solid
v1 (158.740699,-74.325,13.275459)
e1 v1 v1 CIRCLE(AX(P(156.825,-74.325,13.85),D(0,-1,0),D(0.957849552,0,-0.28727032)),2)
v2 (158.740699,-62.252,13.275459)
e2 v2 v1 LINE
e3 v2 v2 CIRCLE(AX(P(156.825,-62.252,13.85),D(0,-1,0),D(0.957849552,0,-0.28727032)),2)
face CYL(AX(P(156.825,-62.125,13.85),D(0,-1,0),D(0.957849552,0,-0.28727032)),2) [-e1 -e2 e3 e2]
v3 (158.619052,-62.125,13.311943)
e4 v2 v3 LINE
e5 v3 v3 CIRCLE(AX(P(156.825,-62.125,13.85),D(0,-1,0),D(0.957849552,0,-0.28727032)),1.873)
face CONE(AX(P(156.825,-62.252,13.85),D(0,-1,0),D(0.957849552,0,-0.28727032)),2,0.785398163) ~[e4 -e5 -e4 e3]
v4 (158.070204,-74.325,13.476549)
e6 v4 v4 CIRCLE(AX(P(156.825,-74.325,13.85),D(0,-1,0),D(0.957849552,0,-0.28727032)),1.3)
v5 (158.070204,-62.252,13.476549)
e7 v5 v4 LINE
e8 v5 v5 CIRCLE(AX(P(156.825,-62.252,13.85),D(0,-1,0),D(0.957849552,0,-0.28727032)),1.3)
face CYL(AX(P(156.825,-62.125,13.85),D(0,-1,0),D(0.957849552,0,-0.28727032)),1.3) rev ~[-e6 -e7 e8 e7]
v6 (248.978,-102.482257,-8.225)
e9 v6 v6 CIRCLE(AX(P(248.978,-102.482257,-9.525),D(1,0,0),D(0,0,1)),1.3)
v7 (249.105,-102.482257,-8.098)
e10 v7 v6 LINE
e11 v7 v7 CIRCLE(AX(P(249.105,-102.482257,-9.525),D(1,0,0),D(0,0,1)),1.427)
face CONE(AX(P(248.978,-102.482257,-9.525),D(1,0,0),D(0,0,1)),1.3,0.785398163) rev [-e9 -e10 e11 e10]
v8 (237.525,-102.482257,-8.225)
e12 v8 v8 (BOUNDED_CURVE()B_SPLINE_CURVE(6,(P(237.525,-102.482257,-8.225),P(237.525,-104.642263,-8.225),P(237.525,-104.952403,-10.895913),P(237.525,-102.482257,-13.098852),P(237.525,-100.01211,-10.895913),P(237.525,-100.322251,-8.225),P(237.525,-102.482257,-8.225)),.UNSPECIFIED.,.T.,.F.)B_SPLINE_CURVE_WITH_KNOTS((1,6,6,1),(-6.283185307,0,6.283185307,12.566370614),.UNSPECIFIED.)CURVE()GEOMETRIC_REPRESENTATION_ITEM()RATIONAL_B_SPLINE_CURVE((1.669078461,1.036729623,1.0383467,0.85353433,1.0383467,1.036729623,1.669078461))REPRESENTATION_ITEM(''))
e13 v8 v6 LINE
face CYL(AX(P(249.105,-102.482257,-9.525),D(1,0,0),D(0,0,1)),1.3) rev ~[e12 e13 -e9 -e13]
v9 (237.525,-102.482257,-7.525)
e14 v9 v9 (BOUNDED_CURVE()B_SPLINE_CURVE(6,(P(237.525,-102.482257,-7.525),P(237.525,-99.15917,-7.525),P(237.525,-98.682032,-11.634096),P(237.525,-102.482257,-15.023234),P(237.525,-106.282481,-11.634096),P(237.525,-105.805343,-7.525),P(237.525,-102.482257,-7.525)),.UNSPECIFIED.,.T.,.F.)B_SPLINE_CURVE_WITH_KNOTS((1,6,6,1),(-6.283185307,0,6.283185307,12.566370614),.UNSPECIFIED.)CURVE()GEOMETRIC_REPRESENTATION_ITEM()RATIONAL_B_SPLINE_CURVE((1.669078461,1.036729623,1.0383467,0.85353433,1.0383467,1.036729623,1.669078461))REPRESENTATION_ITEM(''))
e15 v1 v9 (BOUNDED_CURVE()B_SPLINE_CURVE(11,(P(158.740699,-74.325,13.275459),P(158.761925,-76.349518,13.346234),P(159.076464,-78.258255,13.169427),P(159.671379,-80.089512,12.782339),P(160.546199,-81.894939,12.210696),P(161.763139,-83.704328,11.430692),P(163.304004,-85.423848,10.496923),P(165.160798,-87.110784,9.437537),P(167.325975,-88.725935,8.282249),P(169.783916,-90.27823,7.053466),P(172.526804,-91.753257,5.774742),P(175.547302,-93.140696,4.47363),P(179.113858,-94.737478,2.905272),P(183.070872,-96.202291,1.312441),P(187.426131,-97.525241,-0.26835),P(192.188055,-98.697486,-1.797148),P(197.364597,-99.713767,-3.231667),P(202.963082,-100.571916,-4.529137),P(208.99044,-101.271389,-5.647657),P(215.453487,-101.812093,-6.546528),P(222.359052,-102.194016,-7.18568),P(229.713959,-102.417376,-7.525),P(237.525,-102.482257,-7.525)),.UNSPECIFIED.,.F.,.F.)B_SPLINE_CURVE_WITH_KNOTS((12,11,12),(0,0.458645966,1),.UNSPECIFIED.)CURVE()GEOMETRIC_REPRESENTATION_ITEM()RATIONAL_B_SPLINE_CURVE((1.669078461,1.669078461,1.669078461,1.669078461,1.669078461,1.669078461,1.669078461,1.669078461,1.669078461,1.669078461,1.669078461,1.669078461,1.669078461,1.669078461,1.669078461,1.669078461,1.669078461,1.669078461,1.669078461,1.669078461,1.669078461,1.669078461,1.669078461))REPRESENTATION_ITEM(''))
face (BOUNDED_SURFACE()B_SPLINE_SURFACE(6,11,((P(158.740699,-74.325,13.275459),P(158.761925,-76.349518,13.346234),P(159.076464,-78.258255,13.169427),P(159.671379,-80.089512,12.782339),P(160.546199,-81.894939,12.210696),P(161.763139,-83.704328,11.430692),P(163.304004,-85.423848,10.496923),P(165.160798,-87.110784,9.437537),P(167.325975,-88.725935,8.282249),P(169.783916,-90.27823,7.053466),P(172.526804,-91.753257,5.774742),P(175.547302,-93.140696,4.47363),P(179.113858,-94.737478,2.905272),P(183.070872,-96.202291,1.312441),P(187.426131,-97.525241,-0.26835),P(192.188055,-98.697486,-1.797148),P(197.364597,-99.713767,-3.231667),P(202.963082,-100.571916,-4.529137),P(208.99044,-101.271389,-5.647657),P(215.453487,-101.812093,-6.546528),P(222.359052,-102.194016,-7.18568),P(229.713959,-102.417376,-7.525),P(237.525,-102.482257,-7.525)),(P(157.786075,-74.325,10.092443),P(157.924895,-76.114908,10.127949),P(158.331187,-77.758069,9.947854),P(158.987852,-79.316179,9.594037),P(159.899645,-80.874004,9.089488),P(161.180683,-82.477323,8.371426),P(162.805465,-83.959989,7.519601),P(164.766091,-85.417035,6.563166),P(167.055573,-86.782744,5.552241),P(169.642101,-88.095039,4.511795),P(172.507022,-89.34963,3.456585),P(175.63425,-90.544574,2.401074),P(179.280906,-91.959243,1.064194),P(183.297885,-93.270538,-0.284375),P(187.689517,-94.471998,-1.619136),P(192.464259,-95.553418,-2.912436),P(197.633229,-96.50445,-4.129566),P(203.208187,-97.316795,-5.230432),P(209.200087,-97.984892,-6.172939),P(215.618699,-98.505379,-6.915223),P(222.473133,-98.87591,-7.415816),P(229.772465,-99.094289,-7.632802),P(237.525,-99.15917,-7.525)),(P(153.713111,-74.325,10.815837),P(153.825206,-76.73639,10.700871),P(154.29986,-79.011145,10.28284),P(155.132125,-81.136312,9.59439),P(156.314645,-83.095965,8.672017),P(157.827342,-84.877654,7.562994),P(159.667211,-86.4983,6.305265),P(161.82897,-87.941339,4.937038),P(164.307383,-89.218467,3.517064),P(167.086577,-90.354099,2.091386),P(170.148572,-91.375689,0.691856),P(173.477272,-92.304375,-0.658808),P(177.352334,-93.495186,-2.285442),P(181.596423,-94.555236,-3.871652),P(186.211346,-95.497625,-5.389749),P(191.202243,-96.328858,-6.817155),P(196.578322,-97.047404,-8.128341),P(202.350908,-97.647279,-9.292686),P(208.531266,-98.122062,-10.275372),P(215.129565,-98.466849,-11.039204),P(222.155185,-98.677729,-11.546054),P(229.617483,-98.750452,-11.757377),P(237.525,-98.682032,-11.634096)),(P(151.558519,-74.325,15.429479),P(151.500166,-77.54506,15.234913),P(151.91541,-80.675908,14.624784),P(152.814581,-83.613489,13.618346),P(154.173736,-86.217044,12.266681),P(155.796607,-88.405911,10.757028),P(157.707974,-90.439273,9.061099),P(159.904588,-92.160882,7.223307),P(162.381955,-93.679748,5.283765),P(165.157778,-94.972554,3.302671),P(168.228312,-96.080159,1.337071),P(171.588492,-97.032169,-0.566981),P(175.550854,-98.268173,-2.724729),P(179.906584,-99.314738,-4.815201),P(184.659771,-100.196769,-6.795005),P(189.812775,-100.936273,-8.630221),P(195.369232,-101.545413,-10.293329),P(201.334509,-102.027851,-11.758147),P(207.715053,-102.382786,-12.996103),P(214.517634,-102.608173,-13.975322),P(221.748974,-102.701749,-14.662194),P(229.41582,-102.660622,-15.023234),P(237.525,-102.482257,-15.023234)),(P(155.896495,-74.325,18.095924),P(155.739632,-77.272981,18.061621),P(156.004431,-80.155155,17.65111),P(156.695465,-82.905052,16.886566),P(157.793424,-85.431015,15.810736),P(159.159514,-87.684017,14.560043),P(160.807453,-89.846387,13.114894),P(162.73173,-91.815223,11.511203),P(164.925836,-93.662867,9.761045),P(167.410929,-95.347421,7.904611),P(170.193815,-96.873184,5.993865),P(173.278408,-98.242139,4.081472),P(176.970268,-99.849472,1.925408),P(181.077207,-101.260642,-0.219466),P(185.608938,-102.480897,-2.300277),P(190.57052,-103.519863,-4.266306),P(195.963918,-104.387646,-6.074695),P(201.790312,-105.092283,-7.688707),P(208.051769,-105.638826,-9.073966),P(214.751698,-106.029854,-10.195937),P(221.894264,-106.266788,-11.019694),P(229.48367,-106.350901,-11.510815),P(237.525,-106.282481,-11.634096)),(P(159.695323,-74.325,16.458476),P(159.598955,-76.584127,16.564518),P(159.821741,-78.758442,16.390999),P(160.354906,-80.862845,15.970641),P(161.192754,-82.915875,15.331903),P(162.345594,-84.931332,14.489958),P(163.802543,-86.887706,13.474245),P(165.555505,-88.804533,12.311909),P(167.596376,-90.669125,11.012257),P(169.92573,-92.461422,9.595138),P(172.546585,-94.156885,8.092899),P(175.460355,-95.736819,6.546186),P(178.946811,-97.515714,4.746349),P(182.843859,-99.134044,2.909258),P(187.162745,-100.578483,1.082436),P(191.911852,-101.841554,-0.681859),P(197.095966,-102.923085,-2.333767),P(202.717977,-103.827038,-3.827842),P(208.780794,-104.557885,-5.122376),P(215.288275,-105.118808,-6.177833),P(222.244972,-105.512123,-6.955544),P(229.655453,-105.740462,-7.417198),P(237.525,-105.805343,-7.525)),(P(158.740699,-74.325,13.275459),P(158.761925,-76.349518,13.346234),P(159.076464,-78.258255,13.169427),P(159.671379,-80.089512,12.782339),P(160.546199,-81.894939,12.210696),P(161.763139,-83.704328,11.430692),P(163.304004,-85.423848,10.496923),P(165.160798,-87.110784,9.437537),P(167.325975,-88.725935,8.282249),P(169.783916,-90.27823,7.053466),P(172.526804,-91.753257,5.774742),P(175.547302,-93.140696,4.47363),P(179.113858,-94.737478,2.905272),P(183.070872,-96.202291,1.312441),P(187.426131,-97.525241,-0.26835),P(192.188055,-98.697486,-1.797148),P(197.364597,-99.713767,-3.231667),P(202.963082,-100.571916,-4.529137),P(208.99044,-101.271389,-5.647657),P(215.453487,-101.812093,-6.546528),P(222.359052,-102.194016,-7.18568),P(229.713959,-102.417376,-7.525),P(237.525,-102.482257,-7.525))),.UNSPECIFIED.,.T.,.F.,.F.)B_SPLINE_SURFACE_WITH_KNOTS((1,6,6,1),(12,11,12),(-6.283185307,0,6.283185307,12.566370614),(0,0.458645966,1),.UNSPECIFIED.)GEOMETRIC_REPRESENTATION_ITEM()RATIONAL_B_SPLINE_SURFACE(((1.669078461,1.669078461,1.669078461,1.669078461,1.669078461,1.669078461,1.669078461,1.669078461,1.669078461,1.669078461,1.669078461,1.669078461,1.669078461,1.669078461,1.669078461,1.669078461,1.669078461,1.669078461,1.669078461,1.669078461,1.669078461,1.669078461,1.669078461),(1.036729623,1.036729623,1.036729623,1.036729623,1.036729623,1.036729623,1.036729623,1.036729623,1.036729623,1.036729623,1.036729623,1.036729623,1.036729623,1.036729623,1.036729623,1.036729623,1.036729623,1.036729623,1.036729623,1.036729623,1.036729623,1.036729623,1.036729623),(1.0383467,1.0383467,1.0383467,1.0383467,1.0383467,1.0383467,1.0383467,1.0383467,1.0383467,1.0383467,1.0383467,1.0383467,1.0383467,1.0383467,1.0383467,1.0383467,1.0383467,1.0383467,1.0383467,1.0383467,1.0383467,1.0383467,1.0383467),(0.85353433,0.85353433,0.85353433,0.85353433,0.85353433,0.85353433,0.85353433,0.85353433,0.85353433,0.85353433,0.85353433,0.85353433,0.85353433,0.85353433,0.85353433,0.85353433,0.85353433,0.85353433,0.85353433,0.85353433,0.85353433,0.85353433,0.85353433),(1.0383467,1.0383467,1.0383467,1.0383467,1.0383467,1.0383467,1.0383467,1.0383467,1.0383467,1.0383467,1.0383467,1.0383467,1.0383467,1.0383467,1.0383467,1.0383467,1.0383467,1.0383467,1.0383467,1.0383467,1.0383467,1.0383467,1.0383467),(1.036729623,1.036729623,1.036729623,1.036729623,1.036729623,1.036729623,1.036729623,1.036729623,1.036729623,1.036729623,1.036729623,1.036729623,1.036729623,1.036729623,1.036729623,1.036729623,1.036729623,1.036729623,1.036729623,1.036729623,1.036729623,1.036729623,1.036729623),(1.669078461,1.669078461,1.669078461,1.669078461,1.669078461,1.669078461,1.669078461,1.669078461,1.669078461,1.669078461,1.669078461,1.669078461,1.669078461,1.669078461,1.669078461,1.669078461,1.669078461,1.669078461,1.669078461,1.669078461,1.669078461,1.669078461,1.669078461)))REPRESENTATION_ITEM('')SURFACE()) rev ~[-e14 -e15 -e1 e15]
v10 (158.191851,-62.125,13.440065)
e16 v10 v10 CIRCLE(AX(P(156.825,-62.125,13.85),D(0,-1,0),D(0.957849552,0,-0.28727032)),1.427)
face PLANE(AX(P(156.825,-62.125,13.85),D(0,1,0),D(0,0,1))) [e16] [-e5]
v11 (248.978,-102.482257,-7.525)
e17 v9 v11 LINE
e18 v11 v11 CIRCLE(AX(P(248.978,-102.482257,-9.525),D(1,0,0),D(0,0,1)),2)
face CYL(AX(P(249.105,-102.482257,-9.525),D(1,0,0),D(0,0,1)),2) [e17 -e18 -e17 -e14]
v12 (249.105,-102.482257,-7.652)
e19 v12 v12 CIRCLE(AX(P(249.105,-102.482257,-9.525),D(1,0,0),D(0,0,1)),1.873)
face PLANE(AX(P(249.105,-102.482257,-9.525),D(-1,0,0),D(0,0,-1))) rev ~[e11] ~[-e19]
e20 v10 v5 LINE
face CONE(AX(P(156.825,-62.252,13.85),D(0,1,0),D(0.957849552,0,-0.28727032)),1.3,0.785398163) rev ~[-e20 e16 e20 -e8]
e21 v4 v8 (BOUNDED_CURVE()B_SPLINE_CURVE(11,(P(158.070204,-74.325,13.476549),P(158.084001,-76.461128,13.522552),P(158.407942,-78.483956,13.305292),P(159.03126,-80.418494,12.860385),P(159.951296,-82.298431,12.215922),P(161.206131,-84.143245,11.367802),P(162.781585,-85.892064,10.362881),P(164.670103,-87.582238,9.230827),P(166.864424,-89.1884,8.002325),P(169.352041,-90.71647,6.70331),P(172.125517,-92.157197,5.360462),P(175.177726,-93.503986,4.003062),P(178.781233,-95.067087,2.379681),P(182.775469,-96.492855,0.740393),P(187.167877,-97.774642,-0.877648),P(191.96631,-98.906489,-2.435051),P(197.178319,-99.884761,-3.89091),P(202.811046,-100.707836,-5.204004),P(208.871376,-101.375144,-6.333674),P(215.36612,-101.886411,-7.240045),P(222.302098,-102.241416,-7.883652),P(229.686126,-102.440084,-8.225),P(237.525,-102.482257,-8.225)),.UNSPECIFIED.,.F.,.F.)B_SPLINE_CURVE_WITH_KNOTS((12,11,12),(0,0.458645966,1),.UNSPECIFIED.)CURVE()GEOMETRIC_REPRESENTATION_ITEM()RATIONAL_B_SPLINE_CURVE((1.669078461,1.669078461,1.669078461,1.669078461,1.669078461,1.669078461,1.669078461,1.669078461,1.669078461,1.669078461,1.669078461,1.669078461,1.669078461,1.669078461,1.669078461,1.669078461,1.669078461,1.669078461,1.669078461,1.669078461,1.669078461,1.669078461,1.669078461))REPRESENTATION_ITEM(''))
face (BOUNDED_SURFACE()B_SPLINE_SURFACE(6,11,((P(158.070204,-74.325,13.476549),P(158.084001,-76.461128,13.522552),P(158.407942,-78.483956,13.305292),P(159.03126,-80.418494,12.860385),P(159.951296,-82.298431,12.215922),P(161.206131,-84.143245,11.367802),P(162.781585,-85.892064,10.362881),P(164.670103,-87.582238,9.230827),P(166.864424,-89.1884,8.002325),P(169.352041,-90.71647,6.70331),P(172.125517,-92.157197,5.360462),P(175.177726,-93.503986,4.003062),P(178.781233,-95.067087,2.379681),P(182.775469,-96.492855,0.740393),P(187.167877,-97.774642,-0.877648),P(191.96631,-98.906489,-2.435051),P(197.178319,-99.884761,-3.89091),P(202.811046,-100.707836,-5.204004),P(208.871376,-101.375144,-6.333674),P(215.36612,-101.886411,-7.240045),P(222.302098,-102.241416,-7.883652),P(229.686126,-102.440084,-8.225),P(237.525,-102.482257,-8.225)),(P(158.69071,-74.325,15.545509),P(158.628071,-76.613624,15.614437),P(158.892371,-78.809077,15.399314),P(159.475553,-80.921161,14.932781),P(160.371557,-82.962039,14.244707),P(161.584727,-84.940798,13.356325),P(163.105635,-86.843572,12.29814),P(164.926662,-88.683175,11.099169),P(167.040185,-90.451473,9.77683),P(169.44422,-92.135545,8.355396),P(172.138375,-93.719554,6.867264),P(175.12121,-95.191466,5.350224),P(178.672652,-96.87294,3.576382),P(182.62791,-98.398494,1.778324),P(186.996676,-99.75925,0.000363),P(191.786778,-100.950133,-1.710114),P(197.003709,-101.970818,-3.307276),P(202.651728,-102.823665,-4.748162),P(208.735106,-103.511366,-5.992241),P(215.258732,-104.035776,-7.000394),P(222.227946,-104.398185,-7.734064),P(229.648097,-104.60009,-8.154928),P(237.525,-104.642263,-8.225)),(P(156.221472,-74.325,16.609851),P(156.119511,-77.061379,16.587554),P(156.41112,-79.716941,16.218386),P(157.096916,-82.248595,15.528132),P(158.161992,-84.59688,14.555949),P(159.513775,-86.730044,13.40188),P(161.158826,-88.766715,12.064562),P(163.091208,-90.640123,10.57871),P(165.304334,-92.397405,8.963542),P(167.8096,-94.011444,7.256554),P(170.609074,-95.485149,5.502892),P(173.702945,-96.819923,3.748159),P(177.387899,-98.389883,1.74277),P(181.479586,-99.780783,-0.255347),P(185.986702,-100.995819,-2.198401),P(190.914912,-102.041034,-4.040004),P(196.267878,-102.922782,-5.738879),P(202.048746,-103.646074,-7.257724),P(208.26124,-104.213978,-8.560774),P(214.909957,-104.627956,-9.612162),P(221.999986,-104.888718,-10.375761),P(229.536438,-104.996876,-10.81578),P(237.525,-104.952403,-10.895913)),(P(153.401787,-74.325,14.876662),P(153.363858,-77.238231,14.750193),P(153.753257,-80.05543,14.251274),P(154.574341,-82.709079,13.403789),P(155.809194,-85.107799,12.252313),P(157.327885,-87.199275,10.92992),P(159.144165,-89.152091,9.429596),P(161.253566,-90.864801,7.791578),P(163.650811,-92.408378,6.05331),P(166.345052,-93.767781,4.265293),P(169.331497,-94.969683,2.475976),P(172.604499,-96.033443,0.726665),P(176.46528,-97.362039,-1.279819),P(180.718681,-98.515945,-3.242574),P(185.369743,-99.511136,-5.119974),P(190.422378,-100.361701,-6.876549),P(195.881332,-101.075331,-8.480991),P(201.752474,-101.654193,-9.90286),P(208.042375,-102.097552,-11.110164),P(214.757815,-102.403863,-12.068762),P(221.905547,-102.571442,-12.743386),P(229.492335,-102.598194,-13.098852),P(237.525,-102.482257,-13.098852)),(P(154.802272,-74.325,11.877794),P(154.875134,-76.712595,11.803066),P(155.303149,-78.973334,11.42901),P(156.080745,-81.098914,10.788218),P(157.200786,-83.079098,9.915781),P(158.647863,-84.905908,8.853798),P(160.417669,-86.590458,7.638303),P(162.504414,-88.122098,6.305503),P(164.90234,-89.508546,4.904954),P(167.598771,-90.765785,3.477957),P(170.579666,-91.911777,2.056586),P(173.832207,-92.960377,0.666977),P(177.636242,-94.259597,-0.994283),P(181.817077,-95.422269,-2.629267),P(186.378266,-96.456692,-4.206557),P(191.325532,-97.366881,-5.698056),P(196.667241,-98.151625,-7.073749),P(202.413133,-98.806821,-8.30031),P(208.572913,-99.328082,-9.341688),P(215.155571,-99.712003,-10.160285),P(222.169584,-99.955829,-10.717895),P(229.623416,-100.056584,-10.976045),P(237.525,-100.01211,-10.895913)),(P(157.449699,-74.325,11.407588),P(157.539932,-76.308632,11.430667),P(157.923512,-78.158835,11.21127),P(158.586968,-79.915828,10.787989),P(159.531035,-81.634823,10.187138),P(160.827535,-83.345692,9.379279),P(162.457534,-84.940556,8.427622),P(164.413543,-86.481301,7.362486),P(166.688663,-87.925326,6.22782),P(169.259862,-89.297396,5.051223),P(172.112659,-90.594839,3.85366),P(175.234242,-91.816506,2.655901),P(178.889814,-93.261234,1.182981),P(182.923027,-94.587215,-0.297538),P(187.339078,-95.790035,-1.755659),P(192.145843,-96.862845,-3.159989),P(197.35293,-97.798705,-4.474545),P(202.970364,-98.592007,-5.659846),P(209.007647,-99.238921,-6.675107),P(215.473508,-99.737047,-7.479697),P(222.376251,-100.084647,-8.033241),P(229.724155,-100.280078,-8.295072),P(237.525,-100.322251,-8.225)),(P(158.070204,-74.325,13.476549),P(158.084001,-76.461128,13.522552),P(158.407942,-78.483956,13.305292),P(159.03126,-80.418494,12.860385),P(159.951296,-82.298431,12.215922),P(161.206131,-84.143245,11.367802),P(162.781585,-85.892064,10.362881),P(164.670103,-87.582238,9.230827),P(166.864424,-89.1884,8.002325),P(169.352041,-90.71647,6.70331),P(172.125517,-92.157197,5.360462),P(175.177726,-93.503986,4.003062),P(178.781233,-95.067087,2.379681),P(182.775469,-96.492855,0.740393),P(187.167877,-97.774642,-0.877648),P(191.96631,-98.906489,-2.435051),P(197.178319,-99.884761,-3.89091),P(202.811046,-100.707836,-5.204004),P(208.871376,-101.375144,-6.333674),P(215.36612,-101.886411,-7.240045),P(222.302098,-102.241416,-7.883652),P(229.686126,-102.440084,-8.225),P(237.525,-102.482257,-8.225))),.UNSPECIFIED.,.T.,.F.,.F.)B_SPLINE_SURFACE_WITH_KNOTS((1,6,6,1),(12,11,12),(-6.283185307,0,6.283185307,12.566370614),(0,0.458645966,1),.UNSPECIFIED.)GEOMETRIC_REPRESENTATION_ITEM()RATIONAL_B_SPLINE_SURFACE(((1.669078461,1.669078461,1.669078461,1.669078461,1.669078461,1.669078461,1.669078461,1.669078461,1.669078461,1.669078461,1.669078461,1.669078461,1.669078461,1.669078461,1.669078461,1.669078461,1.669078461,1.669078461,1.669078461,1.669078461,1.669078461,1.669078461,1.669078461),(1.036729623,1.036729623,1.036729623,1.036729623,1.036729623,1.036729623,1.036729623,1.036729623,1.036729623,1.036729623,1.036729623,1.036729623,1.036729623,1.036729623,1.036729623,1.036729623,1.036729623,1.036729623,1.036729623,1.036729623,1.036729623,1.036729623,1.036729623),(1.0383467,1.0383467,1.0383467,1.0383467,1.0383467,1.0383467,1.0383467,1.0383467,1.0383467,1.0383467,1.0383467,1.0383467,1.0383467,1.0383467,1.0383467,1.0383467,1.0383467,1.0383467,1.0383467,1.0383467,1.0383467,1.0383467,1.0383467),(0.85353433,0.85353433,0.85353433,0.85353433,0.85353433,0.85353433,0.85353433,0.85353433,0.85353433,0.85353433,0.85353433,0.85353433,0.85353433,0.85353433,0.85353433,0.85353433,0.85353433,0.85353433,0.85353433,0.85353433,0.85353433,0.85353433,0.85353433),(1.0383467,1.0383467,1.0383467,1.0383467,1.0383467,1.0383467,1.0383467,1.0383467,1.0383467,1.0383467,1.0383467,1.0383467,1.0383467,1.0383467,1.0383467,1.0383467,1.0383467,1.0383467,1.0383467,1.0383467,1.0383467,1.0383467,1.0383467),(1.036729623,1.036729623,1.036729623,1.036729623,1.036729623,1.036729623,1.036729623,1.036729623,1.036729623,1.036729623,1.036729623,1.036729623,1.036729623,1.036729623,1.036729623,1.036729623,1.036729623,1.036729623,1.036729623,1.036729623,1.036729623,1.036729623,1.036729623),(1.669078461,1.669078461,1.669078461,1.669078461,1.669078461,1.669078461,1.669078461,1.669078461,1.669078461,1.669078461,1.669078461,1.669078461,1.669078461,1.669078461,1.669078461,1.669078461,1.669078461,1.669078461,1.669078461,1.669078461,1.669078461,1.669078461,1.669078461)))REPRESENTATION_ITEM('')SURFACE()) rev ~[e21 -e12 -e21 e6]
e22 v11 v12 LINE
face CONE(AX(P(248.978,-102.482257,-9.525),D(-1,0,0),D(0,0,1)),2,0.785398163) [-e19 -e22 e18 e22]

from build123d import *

# Parameters (mm, degrees)
SKETCH1_R     = 2
SKETCH1_R_2   = 1.3
CHAMFER1_SIZE = 0.127


with BuildPart() as part:
    # Sweep1: sweep along a curve in space
    with BuildLine() as sweep1_path:
        Line((156.825, -62.125, 13.85), (156.825, -74.325, 13.85))
        add(Edge.make_bspline(
            [(237.525, -102.482256564, -9.525), (208.592934113, -102.482256564, -9.525), (170.471689747, -97.307145569, 2.1625), (156.825, -82.91748243, 13.85), (156.825, -74.325, 13.85)],
            knots=[0, 0, 0, 0, 0.541354034, 1, 1, 1, 1], degree=3))
        Line((249.105, -102.482256564, -9.525), (237.525, -102.482256564, -9.525))
    # Sketch1 → Sweep1 (sweep)
    with BuildSketch(Plane.ZY.offset(-239.725)):
        with Locations((-9.525, -102.482256564)):
            Circle(SKETCH1_R)
        with Locations((-9.525, -102.482256564)):
            Circle(SKETCH1_R_2, mode=Mode.SUBTRACT)
    sweep(path=sweep1_path.line, is_frenet=True)

    # Chamfer1
    chamfer1_edges = [part.edges().sort_by_distance(p)[0] for p in [
        (249.105, -102.482256564, -10.825),
        (249.105, -102.482256564, -11.525),
        (155.579795583, -62.125, 14.223451416),
        (154.909300897, -62.125, 14.42454064),
    ]]
    chamfer(chamfer1_edges, length=CHAMFER1_SIZE)


solid = part.part
